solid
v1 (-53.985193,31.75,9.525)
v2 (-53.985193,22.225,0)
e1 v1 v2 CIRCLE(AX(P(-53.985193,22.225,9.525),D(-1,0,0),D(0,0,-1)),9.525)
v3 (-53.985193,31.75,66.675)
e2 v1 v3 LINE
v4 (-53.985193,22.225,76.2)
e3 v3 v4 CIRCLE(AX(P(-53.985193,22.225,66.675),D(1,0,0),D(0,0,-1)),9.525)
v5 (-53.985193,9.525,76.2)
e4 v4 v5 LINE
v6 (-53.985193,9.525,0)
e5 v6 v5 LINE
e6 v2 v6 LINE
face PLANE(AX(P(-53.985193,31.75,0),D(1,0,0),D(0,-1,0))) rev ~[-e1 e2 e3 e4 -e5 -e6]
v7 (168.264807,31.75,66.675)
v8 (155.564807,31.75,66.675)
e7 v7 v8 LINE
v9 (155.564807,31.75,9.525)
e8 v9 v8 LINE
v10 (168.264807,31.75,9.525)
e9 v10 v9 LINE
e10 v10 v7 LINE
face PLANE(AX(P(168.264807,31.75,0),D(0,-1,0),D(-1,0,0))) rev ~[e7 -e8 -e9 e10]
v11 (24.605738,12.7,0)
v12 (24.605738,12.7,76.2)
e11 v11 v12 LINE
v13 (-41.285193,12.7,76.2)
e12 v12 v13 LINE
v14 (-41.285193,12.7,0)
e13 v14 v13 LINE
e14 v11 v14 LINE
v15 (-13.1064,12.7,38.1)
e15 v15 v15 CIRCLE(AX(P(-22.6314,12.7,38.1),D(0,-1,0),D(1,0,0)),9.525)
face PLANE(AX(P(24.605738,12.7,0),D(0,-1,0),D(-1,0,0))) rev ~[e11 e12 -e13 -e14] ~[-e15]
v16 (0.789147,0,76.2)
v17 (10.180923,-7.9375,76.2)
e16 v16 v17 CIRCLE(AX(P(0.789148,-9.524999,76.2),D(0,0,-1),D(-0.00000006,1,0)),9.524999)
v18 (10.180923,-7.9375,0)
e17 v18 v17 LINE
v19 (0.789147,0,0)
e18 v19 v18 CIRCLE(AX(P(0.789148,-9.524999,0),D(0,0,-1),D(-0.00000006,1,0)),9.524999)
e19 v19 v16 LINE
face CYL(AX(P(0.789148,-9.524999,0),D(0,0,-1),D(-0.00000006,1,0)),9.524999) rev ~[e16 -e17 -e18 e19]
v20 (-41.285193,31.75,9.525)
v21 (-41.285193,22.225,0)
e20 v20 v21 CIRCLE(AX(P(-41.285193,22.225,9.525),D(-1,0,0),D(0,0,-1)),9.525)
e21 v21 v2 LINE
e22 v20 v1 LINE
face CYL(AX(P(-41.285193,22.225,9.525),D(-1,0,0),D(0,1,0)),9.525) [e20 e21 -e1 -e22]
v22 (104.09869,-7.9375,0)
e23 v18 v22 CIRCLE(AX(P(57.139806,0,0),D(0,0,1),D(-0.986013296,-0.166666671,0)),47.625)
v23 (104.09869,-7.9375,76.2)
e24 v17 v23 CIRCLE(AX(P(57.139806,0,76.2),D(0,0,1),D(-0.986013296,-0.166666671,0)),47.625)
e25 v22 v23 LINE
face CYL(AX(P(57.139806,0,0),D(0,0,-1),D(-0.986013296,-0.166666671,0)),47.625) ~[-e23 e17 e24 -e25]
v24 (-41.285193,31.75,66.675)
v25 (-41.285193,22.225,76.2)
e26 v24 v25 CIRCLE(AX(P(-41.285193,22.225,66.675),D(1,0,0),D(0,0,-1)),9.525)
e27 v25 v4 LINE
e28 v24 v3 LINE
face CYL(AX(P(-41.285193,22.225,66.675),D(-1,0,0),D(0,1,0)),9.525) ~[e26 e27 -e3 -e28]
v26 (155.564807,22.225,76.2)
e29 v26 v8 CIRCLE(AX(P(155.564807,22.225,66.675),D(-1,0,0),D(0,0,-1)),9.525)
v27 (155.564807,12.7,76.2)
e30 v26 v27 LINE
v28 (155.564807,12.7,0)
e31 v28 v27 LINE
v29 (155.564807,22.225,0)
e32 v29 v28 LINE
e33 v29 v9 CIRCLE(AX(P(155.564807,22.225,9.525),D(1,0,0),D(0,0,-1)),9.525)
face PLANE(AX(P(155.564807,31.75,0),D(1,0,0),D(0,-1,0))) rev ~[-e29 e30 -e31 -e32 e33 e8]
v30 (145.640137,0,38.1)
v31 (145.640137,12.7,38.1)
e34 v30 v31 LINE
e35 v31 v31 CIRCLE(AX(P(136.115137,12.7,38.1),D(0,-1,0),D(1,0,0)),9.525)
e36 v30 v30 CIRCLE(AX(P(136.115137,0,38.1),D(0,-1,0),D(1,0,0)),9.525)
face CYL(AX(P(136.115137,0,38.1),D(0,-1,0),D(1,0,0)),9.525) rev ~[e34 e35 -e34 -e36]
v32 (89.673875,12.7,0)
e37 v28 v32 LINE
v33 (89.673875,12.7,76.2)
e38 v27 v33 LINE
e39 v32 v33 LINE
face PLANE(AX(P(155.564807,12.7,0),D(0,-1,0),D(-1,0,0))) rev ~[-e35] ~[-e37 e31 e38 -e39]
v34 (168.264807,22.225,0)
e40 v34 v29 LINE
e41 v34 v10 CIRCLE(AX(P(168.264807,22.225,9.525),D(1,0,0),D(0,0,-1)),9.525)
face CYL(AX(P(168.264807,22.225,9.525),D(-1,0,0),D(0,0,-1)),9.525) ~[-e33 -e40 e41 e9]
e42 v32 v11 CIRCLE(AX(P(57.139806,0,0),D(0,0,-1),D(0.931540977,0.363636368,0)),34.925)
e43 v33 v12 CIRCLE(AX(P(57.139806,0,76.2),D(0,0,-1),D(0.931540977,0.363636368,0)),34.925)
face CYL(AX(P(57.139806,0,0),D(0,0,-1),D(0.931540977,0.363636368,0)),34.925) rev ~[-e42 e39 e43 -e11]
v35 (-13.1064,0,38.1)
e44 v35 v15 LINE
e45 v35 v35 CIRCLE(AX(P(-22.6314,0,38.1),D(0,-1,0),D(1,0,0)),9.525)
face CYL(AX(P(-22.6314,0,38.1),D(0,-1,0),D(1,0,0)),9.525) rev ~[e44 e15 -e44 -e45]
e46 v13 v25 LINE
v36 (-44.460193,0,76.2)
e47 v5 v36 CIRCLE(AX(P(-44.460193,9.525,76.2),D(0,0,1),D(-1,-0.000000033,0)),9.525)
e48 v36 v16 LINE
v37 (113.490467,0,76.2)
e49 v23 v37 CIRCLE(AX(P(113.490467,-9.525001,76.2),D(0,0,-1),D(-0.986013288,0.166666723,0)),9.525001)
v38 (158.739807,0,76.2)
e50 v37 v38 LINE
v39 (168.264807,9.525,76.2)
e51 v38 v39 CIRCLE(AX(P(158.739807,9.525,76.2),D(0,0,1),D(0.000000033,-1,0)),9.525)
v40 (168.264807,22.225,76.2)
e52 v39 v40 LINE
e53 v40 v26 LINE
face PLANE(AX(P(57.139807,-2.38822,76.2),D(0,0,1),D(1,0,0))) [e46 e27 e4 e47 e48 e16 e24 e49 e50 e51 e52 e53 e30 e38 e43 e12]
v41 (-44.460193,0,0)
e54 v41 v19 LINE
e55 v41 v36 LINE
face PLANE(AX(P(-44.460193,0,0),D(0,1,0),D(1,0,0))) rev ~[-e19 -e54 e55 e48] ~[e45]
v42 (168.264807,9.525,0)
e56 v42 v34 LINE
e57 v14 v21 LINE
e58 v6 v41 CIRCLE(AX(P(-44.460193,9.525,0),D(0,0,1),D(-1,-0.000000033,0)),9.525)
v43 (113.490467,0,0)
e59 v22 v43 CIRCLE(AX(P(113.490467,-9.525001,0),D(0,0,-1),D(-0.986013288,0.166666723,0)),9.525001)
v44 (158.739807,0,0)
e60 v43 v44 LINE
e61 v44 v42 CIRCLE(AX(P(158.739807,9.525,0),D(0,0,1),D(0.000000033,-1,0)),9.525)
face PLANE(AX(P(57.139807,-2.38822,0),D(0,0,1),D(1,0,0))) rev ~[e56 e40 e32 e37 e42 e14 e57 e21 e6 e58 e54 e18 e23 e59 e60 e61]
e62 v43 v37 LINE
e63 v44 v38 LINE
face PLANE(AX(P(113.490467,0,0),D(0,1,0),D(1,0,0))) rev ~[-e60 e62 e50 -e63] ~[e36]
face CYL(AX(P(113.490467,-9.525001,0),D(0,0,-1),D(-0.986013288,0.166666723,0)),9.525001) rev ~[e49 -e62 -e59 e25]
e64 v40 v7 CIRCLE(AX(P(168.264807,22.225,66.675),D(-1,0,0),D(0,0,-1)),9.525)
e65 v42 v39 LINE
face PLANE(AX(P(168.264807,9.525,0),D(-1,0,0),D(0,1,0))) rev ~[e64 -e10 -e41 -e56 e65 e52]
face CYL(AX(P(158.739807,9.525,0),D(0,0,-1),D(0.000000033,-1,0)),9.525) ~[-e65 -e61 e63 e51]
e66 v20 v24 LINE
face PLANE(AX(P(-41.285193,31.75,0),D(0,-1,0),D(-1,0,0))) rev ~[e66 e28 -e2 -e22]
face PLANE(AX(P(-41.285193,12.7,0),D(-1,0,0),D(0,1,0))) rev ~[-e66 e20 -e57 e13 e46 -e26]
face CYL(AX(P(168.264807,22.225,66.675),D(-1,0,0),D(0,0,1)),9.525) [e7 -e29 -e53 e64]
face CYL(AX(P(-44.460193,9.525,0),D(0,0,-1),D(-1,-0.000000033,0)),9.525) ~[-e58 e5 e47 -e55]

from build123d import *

# Parameters (mm, degrees)
F1_DEPTH = 76.2
F2_R     = 9.525
F3_DEPTH = 25.4
F4_R     = 9.525


with BuildPart() as f1:
    # F0 (on Top) → F1 (new body)
    with BuildSketch(Plane.XY):
        with BuildLine():
            Line((-41.285193, 12.7), (-41.285193, 31.75))
            Line((-41.285193, 31.75), (-53.985193, 31.75))
            Line((-53.985193, 31.75), (-53.985193, 9.525))
            ThreePointArc((-53.985193, 9.525), (-51.195385, 2.789808), (-44.460193, 0))
            Line((-44.460193, 0), (0.789147, 0))
            ThreePointArc((0.789147, 0), (6.937508, -2.250161), (10.180923, -7.9375))
            ThreePointArc((10.180923, -7.9375), (57.139807, -47.625), (104.09869, -7.9375))
            ThreePointArc((104.09869, -7.9375), (107.342106, -2.250161), (113.490467, 0))
            Line((113.490467, 0), (158.739807, 0))
            ThreePointArc((158.739807, 0), (165.474999, 2.789808), (168.264807, 9.525))
            Line((168.264807, 9.525), (168.264807, 31.75))
            Line((168.264807, 31.75), (155.564807, 31.75))
            Line((155.564807, 31.75), (155.564807, 12.7))
            Line((155.564807, 12.7), (89.673875, 12.7))
            ThreePointArc((89.673875, 12.7), (57.139807, -34.925), (24.605738, 12.7))
            Line((24.605738, 12.7), (-41.285193, 12.7))
        make_face()
    extrude(amount=F1_DEPTH)

    # F2 (on face) → F3 (cut)
    with BuildSketch(Plane.XZ):
        with Locations((136.115137, 38.1)):
            Circle(F2_R)
        with Locations((-22.6314, 38.1)):
            Circle(F2_R)
    extrude(amount=-F3_DEPTH, mode=Mode.SUBTRACT)

    # F4
    f4_edges = [f1.edges().sort_by_distance(p)[0] for p in [
        (-47.635193, 31.75, 76.2),
        (-47.635193, 31.75, 0),
        (161.914807, 31.75, 0),
        (161.914807, 31.75, 76.2),
    ]]
    fillet(f4_edges, radius=F4_R)


solid = f1.part
